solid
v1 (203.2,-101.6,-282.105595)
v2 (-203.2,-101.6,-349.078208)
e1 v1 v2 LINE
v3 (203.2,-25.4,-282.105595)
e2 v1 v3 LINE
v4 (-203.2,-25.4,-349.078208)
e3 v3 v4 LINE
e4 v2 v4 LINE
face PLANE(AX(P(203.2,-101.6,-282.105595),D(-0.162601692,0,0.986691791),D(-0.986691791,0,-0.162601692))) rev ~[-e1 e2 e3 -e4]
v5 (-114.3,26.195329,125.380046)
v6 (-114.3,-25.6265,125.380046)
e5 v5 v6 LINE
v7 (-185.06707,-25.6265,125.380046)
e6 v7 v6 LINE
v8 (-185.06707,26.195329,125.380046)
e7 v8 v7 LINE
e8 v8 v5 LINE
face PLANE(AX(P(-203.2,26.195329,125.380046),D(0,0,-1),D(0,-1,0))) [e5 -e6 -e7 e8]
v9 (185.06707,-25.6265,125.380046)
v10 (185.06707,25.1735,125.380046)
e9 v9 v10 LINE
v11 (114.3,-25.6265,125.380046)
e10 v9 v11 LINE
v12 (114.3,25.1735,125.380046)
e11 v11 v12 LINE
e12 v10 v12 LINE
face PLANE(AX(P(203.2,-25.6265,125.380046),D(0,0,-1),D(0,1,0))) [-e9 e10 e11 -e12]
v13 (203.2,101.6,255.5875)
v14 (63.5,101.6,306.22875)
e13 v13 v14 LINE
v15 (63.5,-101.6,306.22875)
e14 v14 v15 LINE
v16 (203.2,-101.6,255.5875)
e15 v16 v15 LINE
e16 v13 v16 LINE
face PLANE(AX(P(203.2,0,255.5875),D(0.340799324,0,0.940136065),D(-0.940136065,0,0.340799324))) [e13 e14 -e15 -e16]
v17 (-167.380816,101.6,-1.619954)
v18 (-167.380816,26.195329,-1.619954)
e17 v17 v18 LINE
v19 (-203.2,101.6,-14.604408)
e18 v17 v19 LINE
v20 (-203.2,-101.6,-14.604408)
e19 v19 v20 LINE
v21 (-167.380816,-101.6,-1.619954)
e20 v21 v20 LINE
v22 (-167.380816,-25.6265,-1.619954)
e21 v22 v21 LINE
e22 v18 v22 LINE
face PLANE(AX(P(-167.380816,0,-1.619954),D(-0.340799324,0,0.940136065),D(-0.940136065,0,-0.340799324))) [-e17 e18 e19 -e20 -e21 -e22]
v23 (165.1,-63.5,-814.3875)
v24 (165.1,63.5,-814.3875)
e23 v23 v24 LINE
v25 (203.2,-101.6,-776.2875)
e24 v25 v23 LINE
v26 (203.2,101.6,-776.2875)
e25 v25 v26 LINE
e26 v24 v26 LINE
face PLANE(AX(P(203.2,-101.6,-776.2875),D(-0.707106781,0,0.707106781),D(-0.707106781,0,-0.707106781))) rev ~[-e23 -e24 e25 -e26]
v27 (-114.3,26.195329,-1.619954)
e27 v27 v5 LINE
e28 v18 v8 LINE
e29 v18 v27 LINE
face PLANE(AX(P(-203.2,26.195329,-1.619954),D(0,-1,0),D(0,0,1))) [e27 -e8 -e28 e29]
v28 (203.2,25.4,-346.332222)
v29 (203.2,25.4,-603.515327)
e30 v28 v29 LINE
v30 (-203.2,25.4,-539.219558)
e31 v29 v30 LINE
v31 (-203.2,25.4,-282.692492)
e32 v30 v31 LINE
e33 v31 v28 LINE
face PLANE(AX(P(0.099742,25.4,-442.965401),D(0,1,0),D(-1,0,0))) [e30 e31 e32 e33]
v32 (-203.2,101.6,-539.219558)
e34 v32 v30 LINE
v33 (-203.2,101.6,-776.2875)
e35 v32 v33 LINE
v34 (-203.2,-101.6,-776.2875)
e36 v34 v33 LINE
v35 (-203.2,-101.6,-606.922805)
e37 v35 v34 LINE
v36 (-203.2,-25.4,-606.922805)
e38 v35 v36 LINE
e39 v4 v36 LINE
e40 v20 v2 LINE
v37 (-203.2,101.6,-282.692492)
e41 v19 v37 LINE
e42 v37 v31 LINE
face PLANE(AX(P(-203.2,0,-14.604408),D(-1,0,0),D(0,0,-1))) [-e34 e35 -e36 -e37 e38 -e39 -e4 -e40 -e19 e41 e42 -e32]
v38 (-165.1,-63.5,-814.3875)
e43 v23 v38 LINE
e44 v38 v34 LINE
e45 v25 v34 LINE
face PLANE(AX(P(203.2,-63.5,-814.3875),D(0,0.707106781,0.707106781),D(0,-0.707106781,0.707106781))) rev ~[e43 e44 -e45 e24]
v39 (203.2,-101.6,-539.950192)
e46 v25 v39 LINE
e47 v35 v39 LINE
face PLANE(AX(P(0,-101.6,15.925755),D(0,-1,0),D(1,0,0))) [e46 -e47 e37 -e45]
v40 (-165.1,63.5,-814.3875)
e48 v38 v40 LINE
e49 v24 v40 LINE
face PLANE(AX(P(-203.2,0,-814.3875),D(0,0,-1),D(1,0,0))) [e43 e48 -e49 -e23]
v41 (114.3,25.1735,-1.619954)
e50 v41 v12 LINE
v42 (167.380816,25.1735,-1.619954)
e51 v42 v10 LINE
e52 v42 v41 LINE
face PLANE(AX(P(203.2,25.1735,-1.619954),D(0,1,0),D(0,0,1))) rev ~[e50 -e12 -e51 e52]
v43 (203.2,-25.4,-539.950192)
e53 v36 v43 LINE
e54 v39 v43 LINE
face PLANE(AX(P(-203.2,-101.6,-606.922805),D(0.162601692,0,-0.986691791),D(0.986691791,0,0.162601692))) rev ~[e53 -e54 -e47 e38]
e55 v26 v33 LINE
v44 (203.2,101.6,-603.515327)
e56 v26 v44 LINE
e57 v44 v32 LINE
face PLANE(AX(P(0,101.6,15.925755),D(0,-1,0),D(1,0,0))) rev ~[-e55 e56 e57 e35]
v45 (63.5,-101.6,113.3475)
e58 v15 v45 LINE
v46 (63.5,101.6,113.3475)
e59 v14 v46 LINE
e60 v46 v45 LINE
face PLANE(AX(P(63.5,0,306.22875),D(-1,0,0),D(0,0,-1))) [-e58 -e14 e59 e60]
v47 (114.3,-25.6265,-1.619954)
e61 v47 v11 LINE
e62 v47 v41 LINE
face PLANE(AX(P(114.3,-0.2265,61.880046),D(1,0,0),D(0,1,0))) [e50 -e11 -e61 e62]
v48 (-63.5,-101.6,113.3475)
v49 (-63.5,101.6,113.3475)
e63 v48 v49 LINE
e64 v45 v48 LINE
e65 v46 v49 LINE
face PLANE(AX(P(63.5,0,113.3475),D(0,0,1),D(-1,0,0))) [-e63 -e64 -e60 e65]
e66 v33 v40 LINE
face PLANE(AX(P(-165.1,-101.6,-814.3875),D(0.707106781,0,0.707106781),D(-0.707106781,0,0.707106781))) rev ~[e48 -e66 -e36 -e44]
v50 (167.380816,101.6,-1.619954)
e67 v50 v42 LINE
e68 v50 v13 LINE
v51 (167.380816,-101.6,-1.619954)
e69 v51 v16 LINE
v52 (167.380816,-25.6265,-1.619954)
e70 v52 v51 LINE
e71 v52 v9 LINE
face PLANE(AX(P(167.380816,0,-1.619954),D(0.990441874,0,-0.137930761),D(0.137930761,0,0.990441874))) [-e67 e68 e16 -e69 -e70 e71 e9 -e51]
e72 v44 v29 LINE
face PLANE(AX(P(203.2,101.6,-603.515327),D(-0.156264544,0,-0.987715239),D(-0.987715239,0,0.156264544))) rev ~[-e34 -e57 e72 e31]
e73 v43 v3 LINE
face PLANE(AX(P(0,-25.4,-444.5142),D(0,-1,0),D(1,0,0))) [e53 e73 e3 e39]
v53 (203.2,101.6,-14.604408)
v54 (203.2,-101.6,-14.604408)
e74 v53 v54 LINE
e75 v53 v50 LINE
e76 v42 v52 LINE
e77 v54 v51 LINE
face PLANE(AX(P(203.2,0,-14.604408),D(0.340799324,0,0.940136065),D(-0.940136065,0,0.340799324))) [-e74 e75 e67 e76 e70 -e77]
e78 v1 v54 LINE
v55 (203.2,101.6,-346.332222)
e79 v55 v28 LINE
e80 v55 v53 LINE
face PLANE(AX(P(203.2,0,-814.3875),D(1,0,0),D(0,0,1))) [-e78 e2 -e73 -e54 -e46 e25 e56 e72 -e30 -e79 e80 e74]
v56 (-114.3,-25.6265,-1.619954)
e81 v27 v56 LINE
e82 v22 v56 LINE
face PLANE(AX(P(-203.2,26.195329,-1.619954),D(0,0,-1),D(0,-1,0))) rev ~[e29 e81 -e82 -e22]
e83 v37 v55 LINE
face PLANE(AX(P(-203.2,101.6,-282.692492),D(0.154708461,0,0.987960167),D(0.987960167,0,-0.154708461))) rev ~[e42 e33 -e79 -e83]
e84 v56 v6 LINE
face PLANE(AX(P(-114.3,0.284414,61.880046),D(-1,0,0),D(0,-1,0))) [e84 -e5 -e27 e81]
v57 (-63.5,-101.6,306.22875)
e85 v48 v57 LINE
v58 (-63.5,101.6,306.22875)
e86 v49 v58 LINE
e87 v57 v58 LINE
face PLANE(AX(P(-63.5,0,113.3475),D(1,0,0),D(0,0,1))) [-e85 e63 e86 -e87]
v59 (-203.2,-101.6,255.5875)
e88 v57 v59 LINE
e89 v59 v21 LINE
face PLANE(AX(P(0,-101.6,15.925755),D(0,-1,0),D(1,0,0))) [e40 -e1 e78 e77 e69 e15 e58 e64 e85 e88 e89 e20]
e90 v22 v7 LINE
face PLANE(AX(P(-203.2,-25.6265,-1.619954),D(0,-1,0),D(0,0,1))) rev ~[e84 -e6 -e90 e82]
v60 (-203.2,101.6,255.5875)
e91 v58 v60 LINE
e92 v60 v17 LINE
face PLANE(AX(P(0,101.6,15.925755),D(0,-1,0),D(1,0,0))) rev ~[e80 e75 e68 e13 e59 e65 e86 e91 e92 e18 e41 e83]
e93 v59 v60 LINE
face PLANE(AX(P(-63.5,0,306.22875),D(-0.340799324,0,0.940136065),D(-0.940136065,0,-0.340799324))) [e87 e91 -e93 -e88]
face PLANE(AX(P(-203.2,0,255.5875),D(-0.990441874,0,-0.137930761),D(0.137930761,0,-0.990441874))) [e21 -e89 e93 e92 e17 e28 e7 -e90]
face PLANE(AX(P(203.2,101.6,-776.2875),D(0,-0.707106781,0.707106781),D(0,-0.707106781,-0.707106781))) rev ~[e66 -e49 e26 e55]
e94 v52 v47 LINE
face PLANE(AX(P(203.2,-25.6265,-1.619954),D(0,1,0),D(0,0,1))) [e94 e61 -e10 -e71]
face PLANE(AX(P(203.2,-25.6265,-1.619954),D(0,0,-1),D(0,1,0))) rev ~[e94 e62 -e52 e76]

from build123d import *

# Parameters (mm, degrees)
F1_DEPTH  = 101.6
F3_W      = 51.8218297699
F3_H      = 127
F4_DEPTH  = 88.9
F2_W      = 50.8
F2_H      = 127
F5_DEPTH  = 88.9
F7_DEPTH  = 76.2
F9_DEPTH  = 76.2
F11_DEPTH = 203.2
F13_DEPTH = 406.4


with BuildPart() as f1:
    # F0 (on Front) → F1 (new body, symmetric)
    with BuildSketch(Plane.XZ):
        Polygon((-63.5, 255.5875), (-203.2, 255.5875), (-167.3808159173, -1.6199540129), (-203.2, -14.6044082429), (-203.2, -255.5875), (203.2, -255.5875), (203.2, -14.6044082429), (167.3808159173, -1.6199540129), (203.2, 255.5875), (63.5, 255.5875), (63.5, 113.3475), (-63.5, 113.3475), align=None)
        Polygon((-63.5, 306.22875), (-203.2, 255.5875), (-63.5, 255.5875), align=None)
        Polygon((63.5, 306.22875), (63.5, 255.5875), (203.2, 255.5875), align=None)
        Polygon((203.2, -255.5875), (-203.2, -255.5875), (5.2712307392, -288.1220414472), align=None)
        Polygon((5.2712307392, -288.1220414472), (-203.2, -255.5875), (-203.2, -322.3895), align=None)
        Polygon((203.2, -319.0113), (203.2, -255.5875), (5.2712307392, -288.1220414472), align=None)
        Polygon((5.2712307392, -288.1220414472), (-203.2, -322.3895), (-203.2, -512.662041116), (6.3136153163, -545.3592597063), (203.2, -512.9960602239), (203.2, -319.0113), align=None)
        Polygon((6.3136153163, -545.3592597063), (-203.2, -512.662041116), (-203.2, -579.7980602239), align=None)
        Polygon((203.2, -576.085841116), (203.2, -512.9960602239), (6.3136153163, -545.3592597063), align=None)
        Polygon((6.3136153163, -545.3592597063), (-203.2, -579.7980602239), (-203.2, -814.3875), (203.2, -814.3875), (203.2, -576.085841116), align=None)
    extrude(amount=F1_DEPTH, both=True)

    # F3 (on face) → F4 (cut)
    with BuildSketch(Plane(origin=(-203.2, 0, 0), x_dir=(0, -1, 0), z_dir=(-1, 0, 0))):
        with Locations((-0.2844144409, 61.8800459871)):
            Rectangle(F3_W, F3_H)
    extrude(amount=-F4_DEPTH, mode=Mode.SUBTRACT)

    # F2 (on face) → F5 (cut)
    with BuildSketch(Plane.YZ.offset(203.2)):
        with Locations((-0.2265004441, 61.8800459871)):
            Rectangle(F2_W, F2_H)
    extrude(amount=-F5_DEPTH, mode=Mode.SUBTRACT)

    # F6 (on face) → F7 (cut)
    with BuildSketch(Plane.XZ.offset(101.6)):
        Polygon((203.2, -282.1055948734), (-203.2, -349.0782082081), (-203.2, -606.9228053093), (203.2, -539.9501919746), align=None)
    extrude(amount=-F7_DEPTH, mode=Mode.SUBTRACT)

    # F8 (on face) → F9 (cut)
    with BuildSketch(Plane(origin=(0, 101.6, 0), x_dir=(-1, 0, 0), z_dir=(0, 1, 0))):
        Polygon((-203.2, -346.3322222233), (-203.2, -603.5153269768), (203.2, -539.219558239), (203.2, -282.6924920082), align=None)
    extrude(amount=-F9_DEPTH, mode=Mode.SUBTRACT)

    # F10 (on face) → F11 (cut)
    with BuildSketch(Plane.XZ.offset(101.6)):
        Polygon((203.2, -776.2875), (165.1, -814.3875), (203.2, -814.3875), align=None)
        Polygon((-203.2, -814.3875), (-165.1, -814.3875), (-203.2, -776.2875), align=None)
    extrude(amount=-F11_DEPTH, mode=Mode.SUBTRACT)

    # F12 (on face) → F13 (cut)
    with BuildSketch(Plane.YZ.offset(203.2)):
        Polygon((-63.5, -814.3875), (-101.6, -776.2875), (-101.6029715538, -814.3875), align=None)
        Polygon((101.6, -814.3875), (101.6, -776.2875), (63.5, -814.3875), align=None)
    extrude(amount=-F13_DEPTH, mode=Mode.SUBTRACT)


solid = f1.part
